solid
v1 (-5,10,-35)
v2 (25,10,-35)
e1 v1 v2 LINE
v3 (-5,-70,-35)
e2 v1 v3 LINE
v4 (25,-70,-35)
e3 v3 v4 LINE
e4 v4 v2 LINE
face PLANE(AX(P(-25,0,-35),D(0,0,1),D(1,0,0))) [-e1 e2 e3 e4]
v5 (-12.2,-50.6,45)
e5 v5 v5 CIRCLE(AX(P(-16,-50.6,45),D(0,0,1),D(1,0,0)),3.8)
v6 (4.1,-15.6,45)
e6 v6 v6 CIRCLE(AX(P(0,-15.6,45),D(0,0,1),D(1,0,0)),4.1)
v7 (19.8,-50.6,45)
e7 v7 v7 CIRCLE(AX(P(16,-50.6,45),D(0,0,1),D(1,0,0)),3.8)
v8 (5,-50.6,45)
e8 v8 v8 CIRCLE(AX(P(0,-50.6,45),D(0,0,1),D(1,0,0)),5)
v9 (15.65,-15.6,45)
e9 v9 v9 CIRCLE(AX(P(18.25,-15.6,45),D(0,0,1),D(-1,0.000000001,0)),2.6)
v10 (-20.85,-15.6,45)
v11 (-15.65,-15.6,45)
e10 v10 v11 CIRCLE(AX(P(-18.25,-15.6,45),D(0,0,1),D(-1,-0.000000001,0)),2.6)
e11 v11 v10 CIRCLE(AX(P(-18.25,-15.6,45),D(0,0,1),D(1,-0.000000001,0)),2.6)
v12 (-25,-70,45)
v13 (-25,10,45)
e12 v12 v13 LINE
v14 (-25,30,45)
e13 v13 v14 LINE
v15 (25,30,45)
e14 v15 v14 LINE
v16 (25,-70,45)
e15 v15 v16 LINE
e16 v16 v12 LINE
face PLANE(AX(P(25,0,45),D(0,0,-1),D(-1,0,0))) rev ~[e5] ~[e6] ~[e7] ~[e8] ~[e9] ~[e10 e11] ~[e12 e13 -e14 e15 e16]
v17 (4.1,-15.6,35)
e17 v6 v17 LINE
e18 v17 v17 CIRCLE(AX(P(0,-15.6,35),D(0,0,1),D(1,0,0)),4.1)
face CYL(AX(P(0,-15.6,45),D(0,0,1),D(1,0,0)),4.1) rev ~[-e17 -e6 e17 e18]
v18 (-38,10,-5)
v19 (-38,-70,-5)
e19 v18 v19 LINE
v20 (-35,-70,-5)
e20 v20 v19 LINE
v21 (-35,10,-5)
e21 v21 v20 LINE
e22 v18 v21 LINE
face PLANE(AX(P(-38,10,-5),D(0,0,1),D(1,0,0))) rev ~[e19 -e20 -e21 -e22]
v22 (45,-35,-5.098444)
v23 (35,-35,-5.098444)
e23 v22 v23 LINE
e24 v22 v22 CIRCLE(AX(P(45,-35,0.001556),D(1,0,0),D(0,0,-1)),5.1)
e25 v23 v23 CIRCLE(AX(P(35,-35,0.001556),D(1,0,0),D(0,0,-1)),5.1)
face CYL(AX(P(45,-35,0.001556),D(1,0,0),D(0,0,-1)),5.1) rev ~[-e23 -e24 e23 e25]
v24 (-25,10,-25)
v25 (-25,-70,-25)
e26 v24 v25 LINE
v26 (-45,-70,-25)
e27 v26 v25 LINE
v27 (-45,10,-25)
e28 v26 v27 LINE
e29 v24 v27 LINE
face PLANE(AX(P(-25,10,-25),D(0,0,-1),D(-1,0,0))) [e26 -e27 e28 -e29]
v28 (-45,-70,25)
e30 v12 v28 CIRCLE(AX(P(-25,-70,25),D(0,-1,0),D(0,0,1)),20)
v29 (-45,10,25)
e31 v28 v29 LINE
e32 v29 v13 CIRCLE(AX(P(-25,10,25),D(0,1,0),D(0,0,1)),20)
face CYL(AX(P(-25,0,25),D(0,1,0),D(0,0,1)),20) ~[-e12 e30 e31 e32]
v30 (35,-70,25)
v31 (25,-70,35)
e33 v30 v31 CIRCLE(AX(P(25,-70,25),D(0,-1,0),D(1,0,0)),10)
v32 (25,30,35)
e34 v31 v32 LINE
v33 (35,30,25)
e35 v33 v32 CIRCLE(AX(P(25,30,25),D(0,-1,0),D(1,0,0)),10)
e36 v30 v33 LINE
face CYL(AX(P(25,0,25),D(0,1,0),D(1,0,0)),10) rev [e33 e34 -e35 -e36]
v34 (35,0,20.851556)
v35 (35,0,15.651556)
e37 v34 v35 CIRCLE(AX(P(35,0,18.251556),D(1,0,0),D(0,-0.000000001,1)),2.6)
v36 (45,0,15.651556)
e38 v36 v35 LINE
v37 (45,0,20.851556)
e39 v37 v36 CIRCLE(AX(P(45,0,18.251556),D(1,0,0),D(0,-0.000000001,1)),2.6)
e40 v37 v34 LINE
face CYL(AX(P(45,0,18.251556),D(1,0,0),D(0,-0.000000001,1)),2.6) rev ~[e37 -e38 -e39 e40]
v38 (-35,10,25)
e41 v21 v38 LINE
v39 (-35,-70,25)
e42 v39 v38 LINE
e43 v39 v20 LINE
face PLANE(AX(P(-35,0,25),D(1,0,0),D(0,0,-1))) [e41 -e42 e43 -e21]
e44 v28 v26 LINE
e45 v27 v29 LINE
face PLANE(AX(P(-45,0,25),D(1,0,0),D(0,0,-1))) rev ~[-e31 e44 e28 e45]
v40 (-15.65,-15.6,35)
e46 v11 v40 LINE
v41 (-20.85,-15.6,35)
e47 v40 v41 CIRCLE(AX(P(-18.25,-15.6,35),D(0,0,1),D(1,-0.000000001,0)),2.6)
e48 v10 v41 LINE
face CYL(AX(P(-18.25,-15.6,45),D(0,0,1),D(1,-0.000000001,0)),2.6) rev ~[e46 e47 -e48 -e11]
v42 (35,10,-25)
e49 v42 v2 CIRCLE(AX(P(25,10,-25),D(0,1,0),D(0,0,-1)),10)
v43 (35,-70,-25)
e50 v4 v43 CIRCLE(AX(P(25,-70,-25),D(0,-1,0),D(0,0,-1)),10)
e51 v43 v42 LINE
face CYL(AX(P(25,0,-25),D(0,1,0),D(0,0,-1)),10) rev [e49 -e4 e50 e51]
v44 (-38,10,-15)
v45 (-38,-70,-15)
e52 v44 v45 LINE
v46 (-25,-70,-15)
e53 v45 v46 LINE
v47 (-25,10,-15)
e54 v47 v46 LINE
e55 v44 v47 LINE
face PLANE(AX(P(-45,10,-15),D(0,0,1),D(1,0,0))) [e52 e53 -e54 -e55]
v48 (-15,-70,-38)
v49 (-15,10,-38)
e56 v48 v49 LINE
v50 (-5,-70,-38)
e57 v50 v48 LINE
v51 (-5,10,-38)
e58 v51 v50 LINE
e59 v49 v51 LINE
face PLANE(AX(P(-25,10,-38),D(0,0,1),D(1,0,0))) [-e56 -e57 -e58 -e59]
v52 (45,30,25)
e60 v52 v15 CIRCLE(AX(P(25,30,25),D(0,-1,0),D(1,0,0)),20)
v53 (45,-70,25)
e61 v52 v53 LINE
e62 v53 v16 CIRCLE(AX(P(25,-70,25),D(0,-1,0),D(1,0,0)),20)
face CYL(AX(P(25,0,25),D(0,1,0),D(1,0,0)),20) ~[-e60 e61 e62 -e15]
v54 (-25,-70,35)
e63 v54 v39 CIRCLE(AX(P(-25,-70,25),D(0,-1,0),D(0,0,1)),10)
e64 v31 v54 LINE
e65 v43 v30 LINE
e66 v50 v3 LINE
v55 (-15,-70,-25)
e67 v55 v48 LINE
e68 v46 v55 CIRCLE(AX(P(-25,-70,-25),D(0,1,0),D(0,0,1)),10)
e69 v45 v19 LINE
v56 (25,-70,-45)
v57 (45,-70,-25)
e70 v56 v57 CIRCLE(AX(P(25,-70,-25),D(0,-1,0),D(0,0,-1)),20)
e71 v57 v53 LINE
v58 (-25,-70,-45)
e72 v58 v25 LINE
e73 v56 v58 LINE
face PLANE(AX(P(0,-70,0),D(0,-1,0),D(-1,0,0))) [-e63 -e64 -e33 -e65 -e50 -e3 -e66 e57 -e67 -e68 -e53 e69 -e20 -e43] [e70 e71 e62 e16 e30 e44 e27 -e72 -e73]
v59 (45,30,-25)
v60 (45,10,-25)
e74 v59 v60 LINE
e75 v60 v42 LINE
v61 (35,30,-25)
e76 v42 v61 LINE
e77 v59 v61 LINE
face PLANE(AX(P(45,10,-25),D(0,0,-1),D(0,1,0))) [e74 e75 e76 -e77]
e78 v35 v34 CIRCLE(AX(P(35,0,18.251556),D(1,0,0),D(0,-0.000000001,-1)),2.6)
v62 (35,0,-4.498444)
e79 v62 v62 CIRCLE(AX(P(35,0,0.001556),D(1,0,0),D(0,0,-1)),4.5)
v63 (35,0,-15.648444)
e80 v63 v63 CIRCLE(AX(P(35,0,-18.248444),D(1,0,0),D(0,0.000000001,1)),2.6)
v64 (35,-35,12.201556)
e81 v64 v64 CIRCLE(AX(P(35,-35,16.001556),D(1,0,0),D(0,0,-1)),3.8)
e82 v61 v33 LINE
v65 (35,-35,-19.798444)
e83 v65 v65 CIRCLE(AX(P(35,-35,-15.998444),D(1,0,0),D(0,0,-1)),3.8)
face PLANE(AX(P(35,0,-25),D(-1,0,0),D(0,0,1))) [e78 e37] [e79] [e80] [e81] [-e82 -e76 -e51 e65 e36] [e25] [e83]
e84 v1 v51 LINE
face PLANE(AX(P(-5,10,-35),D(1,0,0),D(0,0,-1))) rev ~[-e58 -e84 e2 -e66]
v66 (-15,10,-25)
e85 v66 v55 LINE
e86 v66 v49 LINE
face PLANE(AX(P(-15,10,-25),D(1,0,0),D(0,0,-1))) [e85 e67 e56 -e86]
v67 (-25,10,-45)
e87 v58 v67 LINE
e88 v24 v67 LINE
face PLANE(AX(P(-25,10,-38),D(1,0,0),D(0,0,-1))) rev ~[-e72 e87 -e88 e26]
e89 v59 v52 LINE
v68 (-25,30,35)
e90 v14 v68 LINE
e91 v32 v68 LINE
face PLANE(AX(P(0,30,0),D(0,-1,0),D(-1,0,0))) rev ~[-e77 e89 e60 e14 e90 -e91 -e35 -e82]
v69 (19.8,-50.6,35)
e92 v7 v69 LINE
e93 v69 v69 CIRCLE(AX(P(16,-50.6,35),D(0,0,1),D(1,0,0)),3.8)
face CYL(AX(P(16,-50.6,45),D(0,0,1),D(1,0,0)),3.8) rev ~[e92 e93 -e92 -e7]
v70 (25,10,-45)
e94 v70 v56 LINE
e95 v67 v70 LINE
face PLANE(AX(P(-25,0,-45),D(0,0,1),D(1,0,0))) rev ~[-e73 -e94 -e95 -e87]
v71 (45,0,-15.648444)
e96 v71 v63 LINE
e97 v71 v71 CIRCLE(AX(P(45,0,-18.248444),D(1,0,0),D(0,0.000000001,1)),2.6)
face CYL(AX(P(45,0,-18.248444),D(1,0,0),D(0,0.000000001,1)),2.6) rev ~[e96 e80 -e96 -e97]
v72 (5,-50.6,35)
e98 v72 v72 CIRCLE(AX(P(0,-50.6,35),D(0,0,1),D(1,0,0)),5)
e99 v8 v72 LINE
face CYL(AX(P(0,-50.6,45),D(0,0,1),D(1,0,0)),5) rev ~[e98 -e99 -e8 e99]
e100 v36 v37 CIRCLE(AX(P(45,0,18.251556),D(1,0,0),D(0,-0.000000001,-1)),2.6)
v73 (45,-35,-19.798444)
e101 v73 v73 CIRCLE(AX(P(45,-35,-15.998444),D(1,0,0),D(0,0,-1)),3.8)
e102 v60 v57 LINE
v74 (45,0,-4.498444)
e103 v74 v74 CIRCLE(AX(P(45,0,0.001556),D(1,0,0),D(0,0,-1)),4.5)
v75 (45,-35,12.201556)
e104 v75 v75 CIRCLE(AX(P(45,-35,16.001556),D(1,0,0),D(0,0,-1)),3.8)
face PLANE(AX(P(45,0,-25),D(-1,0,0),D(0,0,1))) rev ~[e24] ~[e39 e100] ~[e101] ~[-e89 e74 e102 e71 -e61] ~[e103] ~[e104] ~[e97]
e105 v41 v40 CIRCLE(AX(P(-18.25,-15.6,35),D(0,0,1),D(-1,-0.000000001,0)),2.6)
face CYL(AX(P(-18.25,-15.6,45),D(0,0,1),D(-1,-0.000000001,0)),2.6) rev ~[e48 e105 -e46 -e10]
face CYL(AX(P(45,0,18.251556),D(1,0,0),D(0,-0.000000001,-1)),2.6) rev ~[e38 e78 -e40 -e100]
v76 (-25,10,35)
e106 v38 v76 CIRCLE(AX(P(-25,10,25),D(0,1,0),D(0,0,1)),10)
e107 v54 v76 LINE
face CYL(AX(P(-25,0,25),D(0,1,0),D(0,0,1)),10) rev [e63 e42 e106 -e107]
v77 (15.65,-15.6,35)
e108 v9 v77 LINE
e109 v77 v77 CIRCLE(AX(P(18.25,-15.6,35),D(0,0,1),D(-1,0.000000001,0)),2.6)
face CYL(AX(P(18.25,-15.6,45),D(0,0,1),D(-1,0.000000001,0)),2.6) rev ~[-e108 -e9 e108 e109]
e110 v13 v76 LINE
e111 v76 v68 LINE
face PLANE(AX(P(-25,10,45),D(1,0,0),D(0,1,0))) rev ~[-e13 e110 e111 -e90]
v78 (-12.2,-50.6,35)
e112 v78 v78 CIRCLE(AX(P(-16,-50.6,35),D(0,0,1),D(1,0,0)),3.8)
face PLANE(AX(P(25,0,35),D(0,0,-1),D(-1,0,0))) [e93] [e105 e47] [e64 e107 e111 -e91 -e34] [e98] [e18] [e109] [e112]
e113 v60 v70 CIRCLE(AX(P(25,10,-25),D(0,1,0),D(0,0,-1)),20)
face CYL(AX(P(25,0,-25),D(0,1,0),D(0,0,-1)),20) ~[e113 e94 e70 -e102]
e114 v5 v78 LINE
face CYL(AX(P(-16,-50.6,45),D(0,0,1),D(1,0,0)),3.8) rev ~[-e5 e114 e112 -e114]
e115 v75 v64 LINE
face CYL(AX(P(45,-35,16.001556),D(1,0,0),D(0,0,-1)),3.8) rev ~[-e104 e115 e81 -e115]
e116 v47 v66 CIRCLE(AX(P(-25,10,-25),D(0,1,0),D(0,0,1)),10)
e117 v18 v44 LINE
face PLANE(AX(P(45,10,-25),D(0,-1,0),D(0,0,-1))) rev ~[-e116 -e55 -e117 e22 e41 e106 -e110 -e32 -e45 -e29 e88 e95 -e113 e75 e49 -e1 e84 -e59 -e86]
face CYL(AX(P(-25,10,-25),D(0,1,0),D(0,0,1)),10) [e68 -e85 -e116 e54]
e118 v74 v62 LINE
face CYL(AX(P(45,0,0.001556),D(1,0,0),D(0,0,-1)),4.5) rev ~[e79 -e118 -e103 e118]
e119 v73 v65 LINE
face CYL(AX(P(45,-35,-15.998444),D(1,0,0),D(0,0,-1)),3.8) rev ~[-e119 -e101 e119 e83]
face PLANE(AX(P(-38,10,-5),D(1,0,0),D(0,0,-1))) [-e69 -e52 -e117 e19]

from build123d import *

# Parameters (mm, degrees)
BOSS_EXTRUDE1_DEPTH      = 30
BOSS_EXTRUDE1_DEPTH_BACK = 70
CUT_EXTRUDE1_REACH       = 92
SKETCH2_R                = 4.5
SKETCH2_R_2              = 5.1
SKETCH2_R_3              = 3.8
SKETCH5_W                = 20
SKETCH5_H                = 20
CUT_EXTRUDE2_DEPTH       = 91
CUT_EXTRUDE3_REACH       = 92
SKETCH7_W                = 20
SKETCH7_H                = 20
SKETCH8_R                = 5
SKETCH8_R_2              = 4.1
SKETCH8_R_3              = 3.8
CUT_EXTRUDE6_DEPTH       = 10
SKETCH9_W                = 20
SKETCH9_H                = 20
SKETCH9_W_2              = 3
SKETCH9_H_2              = 3
CUT_EXTRUDE7_DEPTH       = 81
BOSS_EXTRUDE2_DEPTH      = 80


with BuildPart() as part:
    # Sketch1 → Boss-Extrude1 (new body, two sides)
    with BuildSketch(Plane(origin=(0, 0, 0), x_dir=(1, 0, 0), z_dir=(0, 1, 0))) as boss_extrude1_sk:
        with BuildLine():
            Line((-25, 45), (25, 45))
            ThreePointArc((25, 45), (39.142135624, 39.142135624), (45, 25))
            Line((45, 25), (45, -25))
            ThreePointArc((45, -25), (39.142135624, -39.142135624), (25, -45))
            Line((25, -45), (-25, -45))
            ThreePointArc((-25, -45), (-39.142135624, -39.142135624), (-45, -25))
            Line((-45, -25), (-45, 25))
            ThreePointArc((-45, 25), (-39.142135624, 39.142135624), (-25, 45))
        make_face()
        with BuildLine():
            Line((-25, 35), (25, 35))
            ThreePointArc((25, 35), (32.071067812, 32.071067812), (35, 25))
            Line((35, 25), (35, -25))
            ThreePointArc((35, -25), (32.071067812, -32.071067812), (25, -35))
            Line((25, -35), (-25, -35))
            ThreePointArc((-25, -35), (-32.071067812, -32.071067812), (-35, -25))
            Line((-35, -25), (-35, 25))
            ThreePointArc((-35, 25), (-32.071067812, 32.071067812), (-25, 35))
        make_face(mode=Mode.SUBTRACT)
    extrude(amount=BOSS_EXTRUDE1_DEPTH)
    extrude(boss_extrude1_sk.sketch, amount=-BOSS_EXTRUDE1_DEPTH_BACK)

    # Sketch2 → Cut-Extrude1 (cut, up to next)
    with BuildSketch(Plane(origin=(45, 0, 0), x_dir=(0, 0, -1), z_dir=(1, 0, 0)), mode=Mode.PRIVATE) as cut_extrude1_sk1:
        with Locations((-0.001556395, 0)):
            Circle(SKETCH2_R)
    cut_extrude1_tool1 = extrude(cut_extrude1_sk1.sketch, amount=-CUT_EXTRUDE1_REACH, mode=Mode.PRIVATE) & part.part
    add(cut_extrude1_tool1.solids().sort_by_distance((45, 0, 0.001556))[0], mode=Mode.SUBTRACT)
    # Sketch2 → Cut-Extrude1 (cut, up to next)
    with BuildSketch(Plane(origin=(45, 0, 0), x_dir=(0, 0, -1), z_dir=(1, 0, 0)), mode=Mode.PRIVATE) as cut_extrude1_sk2:
        with Locations((-0.001556395, -35)):
            Circle(SKETCH2_R_2)
    cut_extrude1_tool2 = extrude(cut_extrude1_sk2.sketch, amount=-CUT_EXTRUDE1_REACH, mode=Mode.PRIVATE) & part.part
    add(cut_extrude1_tool2.solids().sort_by_distance((45, -35, 0.001556))[0], mode=Mode.SUBTRACT)
    # Sketch2 → Cut-Extrude1 (cut, up to next)
    with BuildSketch(Plane(origin=(45, 0, 0), x_dir=(0, 0, -1), z_dir=(1, 0, 0)), mode=Mode.PRIVATE) as cut_extrude1_sk3:
        with Locations((15.998443605, -35)):
            Circle(SKETCH2_R_3)
    cut_extrude1_tool3 = extrude(cut_extrude1_sk3.sketch, amount=-CUT_EXTRUDE1_REACH, mode=Mode.PRIVATE) & part.part
    add(cut_extrude1_tool3.solids().sort_by_distance((45, -35, -15.998444))[0], mode=Mode.SUBTRACT)
    # Sketch2 → Cut-Extrude1 (cut, up to next)
    with BuildSketch(Plane(origin=(45, 0, 0), x_dir=(0, 0, -1), z_dir=(1, 0, 0)), mode=Mode.PRIVATE) as cut_extrude1_sk4:
        with Locations((-16.001556395, -35)):
            Circle(SKETCH2_R_3)
    cut_extrude1_tool4 = extrude(cut_extrude1_sk4.sketch, amount=-CUT_EXTRUDE1_REACH, mode=Mode.PRIVATE) & part.part
    add(cut_extrude1_tool4.solids().sort_by_distance((45, -35, 16.001556))[0], mode=Mode.SUBTRACT)
    # Sketch2 → Cut-Extrude1 (cut, up to next)
    with BuildSketch(Plane(origin=(45, 0, 0), x_dir=(0, 0, -1), z_dir=(1, 0, 0)), mode=Mode.PRIVATE) as cut_extrude1_sk5:
        with BuildLine():
            ThreePointArc((20.848443603, 0), (18.248443605, 2.599999998), (15.648443602, 0))
            ThreePointArc((15.648443602, 0), (18.248443605, -2.600000003), (20.848443603, 0))
        make_face()
    cut_extrude1_tool5 = extrude(cut_extrude1_sk5.sketch, amount=-CUT_EXTRUDE1_REACH, mode=Mode.PRIVATE) & part.part
    add(cut_extrude1_tool5.solids().sort_by_distance((45, 0, -18.248444))[0], mode=Mode.SUBTRACT)
    # Sketch2 → Cut-Extrude1 (cut, up to next)
    with BuildSketch(Plane(origin=(45, 0, 0), x_dir=(0, 0, -1), z_dir=(1, 0, 0)), mode=Mode.PRIVATE) as cut_extrude1_sk6:
        with BuildLine():
            ThreePointArc((-15.651556392, 0), (-18.251556395, 2.600000003), (-20.851556393, 0))
            ThreePointArc((-20.851556393, 0), (-18.251556395, -2.599999997), (-15.651556392, 0))
        make_face()
    cut_extrude1_tool6 = extrude(cut_extrude1_sk6.sketch, amount=-CUT_EXTRUDE1_REACH, mode=Mode.PRIVATE) & part.part
    add(cut_extrude1_tool6.solids().sort_by_distance((45, 0, 18.251556))[0], mode=Mode.SUBTRACT)

    # Sketch5 → Cut-Extrude2 (cut, through all)
    with BuildSketch(Plane(origin=(45, 0, 0), x_dir=(0, 0, -1), z_dir=(1, 0, 0))):
        with Locations((35, 20)):
            Rectangle(SKETCH5_W, SKETCH5_H)
    extrude(amount=-CUT_EXTRUDE2_DEPTH, mode=Mode.SUBTRACT)

    # Sketch7 → Cut-Extrude3 (cut, up to next)
    with BuildSketch(Plane.XY.offset(45), mode=Mode.PRIVATE) as cut_extrude3_sk1:
        with Locations((-35, 20)):
            Rectangle(SKETCH7_W, SKETCH7_H)
    cut_extrude3_tool1 = extrude(cut_extrude3_sk1.sketch, amount=-CUT_EXTRUDE3_REACH, mode=Mode.PRIVATE) & part.part
    add(cut_extrude3_tool1.solids().sort_by_distance((-35, 20, 45))[0], mode=Mode.SUBTRACT)

    # Sketch8 → Cut-Extrude6 (cut)
    with BuildSketch(Plane.XY.offset(45)):
        with Locations((640, -50.6)):
            Circle(SKETCH8_R)
        with Locations((640, -15.6)):
            Circle(SKETCH8_R)
        with Locations((0, -15.6)):
            Circle(SKETCH8_R_2)
        with Locations((0, -50.6)):
            Circle(SKETCH8_R)
        with Locations((-16, -50.6)):
            Circle(SKETCH8_R_3)
        with Locations((16, -50.6)):
            Circle(SKETCH8_R_3)
        with BuildLine():
            ThreePointArc((-15.649999997, -15.6), (-18.25, -12.999999997), (-20.849999998, -15.6))
            ThreePointArc((-20.849999998, -15.6), (-18.25, -18.199999997), (-15.649999997, -15.6))
        make_face()
        with BuildLine():
            ThreePointArc((20.849999998, -15.6), (18.25, -13.000000002), (15.649999997, -15.6))
            ThreePointArc((15.649999997, -15.6), (18.25, -18.200000003), (20.849999998, -15.6))
        make_face()
    extrude(amount=-CUT_EXTRUDE6_DEPTH, mode=Mode.SUBTRACT)

    # Sketch9 → Cut-Extrude7 (cut, through all)
    with BuildSketch(Plane(origin=(0, 10, 0), x_dir=(1, 0, 0), z_dir=(0, 1, 0))):
        with Locations((-35, 35)):
            Rectangle(SKETCH9_W, SKETCH9_H)
        with Locations((-36.5, 15)):
            Rectangle(SKETCH9_W_2, SKETCH9_H)
        with Locations((-15, 36.5)):
            Rectangle(SKETCH9_W, SKETCH9_H_2)
    extrude(amount=-CUT_EXTRUDE7_DEPTH, mode=Mode.SUBTRACT)

    # Sketch10 → Boss-Extrude2 (add)
    with BuildSketch(Plane(origin=(0, 10, 0), x_dir=(1, 0, 0), z_dir=(0, 1, 0))):
        with BuildLine():
            Line((-25, 45), (-25, 25))
            Line((-25, 25), (-45, 25))
            Line((-45, 25), (-45, 15))
            Line((-45, 15), (-25, 15))
            ThreePointArc((-25, 15), (-17.928932188, 17.928932188), (-15, 25))
            Line((-15, 25), (-15, 45))
            Line((-15, 45), (-25, 45))
        make_face()
    extrude(amount=-BOSS_EXTRUDE2_DEPTH)


solid = part.part
